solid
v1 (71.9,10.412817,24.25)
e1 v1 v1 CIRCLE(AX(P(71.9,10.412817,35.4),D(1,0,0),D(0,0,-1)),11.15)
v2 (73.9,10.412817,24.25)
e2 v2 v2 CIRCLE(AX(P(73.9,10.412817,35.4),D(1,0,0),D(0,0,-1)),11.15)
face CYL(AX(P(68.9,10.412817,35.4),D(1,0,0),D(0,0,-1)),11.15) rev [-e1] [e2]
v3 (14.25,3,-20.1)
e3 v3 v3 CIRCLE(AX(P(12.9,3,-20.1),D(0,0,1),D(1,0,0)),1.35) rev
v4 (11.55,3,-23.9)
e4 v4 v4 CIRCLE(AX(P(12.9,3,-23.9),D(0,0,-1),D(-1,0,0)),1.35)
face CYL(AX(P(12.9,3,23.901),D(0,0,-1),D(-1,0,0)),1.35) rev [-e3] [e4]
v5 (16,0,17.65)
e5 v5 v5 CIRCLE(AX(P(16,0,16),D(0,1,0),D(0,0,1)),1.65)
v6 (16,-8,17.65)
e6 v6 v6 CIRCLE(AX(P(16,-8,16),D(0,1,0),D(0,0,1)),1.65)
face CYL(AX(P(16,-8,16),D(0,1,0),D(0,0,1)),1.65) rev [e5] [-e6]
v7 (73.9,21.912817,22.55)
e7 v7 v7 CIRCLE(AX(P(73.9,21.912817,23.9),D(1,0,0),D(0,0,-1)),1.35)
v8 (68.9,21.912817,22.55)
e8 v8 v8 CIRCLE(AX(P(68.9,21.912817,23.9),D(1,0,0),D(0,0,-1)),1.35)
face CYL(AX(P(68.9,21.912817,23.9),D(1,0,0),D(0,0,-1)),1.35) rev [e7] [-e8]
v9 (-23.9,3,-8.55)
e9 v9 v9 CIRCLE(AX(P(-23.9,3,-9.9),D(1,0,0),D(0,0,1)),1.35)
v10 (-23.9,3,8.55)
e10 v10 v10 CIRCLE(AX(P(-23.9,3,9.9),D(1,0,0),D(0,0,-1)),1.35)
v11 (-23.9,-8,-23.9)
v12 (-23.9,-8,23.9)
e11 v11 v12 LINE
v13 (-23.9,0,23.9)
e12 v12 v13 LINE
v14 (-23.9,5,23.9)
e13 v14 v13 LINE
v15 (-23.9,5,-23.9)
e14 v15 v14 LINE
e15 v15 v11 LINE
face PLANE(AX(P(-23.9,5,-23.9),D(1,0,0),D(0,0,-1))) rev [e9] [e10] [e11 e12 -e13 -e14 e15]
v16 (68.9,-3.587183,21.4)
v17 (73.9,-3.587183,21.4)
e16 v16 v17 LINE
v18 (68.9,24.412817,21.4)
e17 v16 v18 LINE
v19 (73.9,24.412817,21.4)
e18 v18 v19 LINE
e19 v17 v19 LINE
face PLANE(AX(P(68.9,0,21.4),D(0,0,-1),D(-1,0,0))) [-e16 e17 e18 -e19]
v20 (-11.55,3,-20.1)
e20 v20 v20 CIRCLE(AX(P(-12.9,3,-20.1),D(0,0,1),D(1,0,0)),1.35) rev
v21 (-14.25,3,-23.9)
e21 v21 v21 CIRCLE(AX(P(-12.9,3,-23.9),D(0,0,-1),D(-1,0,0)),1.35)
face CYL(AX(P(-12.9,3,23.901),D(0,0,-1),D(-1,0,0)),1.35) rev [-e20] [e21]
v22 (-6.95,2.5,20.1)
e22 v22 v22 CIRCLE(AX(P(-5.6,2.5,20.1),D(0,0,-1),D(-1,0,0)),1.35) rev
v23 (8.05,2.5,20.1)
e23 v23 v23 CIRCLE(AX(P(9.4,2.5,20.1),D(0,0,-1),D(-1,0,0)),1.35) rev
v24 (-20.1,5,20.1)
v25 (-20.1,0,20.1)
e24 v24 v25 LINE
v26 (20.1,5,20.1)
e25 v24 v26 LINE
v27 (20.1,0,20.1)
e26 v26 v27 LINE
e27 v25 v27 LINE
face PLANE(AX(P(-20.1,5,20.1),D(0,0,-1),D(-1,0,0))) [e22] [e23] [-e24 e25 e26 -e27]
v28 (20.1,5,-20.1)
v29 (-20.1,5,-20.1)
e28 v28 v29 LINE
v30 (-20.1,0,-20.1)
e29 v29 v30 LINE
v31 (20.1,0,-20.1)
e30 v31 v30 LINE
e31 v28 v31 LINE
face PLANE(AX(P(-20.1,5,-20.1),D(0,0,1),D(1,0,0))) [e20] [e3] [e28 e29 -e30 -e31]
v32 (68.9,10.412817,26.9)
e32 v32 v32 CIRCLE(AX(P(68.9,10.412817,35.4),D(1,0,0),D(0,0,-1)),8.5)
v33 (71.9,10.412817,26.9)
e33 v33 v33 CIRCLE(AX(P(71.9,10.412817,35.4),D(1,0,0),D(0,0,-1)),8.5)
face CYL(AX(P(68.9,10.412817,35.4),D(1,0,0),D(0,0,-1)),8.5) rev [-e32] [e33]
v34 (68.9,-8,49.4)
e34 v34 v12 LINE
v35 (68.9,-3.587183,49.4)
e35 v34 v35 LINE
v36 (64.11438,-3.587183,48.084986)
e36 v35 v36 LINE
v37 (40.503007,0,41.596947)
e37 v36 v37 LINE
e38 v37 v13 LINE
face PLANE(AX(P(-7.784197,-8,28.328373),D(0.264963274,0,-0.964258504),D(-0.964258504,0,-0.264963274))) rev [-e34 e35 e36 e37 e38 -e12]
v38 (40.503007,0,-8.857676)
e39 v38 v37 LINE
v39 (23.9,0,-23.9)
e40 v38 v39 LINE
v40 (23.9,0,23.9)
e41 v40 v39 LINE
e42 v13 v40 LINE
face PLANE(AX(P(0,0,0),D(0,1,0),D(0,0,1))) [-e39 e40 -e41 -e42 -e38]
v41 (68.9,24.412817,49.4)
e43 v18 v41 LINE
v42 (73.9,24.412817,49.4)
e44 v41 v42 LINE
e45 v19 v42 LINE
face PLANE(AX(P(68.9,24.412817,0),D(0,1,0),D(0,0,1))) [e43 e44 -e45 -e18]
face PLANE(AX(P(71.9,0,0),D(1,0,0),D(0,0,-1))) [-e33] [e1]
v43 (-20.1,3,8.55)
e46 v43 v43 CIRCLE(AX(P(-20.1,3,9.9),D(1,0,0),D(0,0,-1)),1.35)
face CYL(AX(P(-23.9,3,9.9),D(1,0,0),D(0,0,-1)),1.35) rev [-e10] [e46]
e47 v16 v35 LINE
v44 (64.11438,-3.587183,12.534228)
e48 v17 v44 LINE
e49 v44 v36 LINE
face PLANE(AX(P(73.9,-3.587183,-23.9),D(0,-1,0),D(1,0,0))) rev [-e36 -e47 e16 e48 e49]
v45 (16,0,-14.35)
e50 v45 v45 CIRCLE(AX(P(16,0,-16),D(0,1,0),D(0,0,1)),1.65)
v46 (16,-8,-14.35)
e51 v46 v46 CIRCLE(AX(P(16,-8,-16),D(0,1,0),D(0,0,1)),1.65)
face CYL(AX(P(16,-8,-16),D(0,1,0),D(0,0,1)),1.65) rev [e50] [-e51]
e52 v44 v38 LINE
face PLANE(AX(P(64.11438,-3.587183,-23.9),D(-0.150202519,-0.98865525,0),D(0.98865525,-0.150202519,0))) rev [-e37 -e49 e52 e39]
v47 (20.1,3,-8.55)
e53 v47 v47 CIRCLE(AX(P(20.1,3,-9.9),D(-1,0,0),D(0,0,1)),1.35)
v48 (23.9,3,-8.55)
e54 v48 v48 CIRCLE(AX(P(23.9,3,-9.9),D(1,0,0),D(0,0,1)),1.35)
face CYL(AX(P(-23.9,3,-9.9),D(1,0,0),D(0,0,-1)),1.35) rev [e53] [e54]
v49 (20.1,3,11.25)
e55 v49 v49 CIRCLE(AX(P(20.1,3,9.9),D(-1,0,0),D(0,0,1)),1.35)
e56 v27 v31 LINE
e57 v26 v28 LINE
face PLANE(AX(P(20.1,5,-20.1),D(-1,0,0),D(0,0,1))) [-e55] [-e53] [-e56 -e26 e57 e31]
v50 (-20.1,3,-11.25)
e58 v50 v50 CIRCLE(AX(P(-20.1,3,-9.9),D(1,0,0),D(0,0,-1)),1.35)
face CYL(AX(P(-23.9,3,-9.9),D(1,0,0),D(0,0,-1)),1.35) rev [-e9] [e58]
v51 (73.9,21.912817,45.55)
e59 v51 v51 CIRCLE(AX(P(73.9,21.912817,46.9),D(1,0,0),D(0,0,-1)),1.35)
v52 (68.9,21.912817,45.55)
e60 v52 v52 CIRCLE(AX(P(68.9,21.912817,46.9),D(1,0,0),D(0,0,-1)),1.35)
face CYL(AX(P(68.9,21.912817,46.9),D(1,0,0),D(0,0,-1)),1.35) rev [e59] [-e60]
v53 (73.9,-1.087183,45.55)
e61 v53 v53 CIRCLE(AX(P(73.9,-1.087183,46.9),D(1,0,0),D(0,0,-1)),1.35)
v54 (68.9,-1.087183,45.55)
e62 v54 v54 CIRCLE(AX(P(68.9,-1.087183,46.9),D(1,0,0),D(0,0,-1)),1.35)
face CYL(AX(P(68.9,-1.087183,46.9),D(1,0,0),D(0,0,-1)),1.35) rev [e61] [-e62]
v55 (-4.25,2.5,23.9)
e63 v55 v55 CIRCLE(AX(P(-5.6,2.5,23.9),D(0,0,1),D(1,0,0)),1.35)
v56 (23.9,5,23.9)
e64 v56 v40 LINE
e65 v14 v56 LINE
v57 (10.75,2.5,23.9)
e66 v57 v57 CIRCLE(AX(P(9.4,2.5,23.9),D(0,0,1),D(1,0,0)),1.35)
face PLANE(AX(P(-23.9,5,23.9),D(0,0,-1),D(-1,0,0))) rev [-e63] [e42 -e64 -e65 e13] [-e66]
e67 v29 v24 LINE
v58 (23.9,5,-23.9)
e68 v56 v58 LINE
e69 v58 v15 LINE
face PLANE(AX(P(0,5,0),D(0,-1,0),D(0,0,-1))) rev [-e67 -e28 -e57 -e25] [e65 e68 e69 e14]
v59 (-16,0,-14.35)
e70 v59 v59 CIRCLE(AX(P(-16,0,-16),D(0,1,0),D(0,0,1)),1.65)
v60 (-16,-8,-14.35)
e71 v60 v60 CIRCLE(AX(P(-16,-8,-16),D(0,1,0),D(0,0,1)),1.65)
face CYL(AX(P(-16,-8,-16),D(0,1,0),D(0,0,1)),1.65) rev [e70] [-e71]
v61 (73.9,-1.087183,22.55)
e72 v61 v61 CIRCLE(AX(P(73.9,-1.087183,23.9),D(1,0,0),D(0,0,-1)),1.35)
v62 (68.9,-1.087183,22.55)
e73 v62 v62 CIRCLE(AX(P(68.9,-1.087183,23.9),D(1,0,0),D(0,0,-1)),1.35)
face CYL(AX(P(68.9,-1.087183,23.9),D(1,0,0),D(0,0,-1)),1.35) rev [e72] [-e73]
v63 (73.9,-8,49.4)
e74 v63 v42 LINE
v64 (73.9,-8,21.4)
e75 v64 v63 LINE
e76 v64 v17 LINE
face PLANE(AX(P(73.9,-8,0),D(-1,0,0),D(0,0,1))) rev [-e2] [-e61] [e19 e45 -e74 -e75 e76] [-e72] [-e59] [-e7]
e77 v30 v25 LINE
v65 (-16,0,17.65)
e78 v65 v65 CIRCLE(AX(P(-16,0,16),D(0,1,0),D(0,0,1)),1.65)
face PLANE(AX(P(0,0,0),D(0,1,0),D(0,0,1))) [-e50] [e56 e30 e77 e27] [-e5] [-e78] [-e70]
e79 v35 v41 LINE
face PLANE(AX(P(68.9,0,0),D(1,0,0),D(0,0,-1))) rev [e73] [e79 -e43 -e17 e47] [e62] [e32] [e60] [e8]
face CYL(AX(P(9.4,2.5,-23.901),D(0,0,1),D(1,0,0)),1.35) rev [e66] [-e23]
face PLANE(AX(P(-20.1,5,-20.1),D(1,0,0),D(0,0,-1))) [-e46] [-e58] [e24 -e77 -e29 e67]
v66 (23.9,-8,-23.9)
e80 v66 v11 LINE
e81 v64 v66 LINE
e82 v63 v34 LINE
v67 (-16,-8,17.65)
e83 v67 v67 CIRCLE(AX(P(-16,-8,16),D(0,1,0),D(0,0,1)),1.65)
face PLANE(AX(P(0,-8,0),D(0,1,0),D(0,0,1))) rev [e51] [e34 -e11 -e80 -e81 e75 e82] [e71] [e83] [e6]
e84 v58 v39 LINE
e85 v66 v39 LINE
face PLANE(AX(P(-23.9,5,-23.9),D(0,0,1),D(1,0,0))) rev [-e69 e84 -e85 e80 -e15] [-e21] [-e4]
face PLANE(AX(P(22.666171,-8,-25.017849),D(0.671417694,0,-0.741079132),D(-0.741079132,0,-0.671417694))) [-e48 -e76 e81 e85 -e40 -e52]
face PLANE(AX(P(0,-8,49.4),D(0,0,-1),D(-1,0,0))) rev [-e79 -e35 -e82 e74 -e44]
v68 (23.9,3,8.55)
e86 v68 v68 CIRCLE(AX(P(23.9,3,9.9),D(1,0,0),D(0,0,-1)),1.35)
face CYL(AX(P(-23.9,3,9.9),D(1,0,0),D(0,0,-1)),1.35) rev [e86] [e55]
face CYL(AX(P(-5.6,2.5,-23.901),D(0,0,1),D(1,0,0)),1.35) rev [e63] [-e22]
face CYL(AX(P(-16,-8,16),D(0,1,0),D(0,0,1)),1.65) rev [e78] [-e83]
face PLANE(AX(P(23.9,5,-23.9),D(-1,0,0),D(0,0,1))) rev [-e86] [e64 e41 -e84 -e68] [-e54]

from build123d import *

# Parameters (mm, degrees)
SKETCH1_W            = 47.8
SKETCH1_H            = 47.8
SKETCH1_W_2          = 40.2
SKETCH1_H_2          = 40.2
BOSS_EXTRUDE1_DEPTH  = 5
CUT_EXTRUDE4_REACH   = 55.675
SKETCH6_R            = 1.35
CUT_EXTRUDE5_REACH   = 55.675
SKETCH7_R            = 1.35
SKETCH8_R            = 1.35
CUT_EXTRUDE6_DEPTH   = 54.675413366
SKETCH11_R           = 1.65
BOSS_EXTRUDE8_DEPTH  = 8
CUT_EXTRUDE7_DEPTH   = 105.393965343
SKETCH12_W           = 28
SKETCH12_H           = 28
SKETCH12_R           = 1.35
SKETCH12_R_2         = 11.15
BOSS_EXTRUDE9_DEPTH  = 5
BOSS_EXTRUDE10_START = -2
SKETCH12_3_R         = 11.15
SKETCH12_3_R_2       = 8.5
BOSS_EXTRUDE10_DEPTH = 3


with BuildPart() as part:
    # Sketch1 → Boss-Extrude1 (new body)
    with BuildSketch(Plane(origin=(0, 0, 0), x_dir=(1, 0, 0), z_dir=(0, 1, 0))):
        Rectangle(SKETCH1_W, SKETCH1_H)
        Rectangle(SKETCH1_W_2, SKETCH1_H_2, mode=Mode.SUBTRACT)
    extrude(amount=BOSS_EXTRUDE1_DEPTH)

    # Sketch6 → Cut-Extrude4 (cut, up to next)
    with BuildSketch(Plane(origin=(0, 0, -23.9), x_dir=(-1, 0, 0), z_dir=(0, 0, -1)), mode=Mode.PRIVATE) as cut_extrude4_sk1:
        with Locations((-12.9, 3)):
            Circle(SKETCH6_R)
    cut_extrude4_tool1 = extrude(cut_extrude4_sk1.sketch, amount=-CUT_EXTRUDE4_REACH, mode=Mode.PRIVATE) & part.part
    # Sketch6 → Cut-Extrude4 (cut, up to next)
    with BuildSketch(Plane(origin=(0, 0, -23.9), x_dir=(-1, 0, 0), z_dir=(0, 0, -1)), mode=Mode.PRIVATE) as cut_extrude4_sk2:
        with Locations((12.9, 3)):
            Circle(SKETCH6_R)
    cut_extrude4_tool2 = extrude(cut_extrude4_sk2.sketch, amount=-CUT_EXTRUDE4_REACH, mode=Mode.PRIVATE) & part.part
    add(cut_extrude4_tool1.solids().sort_by_distance((12.9, 3, -23.9))[0], mode=Mode.SUBTRACT)
    add(cut_extrude4_tool2.solids().sort_by_distance((-12.9, 3, -23.9))[0], mode=Mode.SUBTRACT)

    # Sketch7 → Cut-Extrude5 (cut, up to next)
    with BuildSketch(Plane.XY.offset(23.9), mode=Mode.PRIVATE) as cut_extrude5_sk1:
        with Locations((9.4, 2.5)):
            Circle(SKETCH7_R)
    cut_extrude5_tool1 = extrude(cut_extrude5_sk1.sketch, amount=-CUT_EXTRUDE5_REACH, mode=Mode.PRIVATE) & part.part
    # Sketch7 → Cut-Extrude5 (cut, up to next)
    with BuildSketch(Plane.XY.offset(23.9), mode=Mode.PRIVATE) as cut_extrude5_sk2:
        with Locations((-5.6, 2.5)):
            Circle(SKETCH7_R)
    cut_extrude5_tool2 = extrude(cut_extrude5_sk2.sketch, amount=-CUT_EXTRUDE5_REACH, mode=Mode.PRIVATE) & part.part
    add(cut_extrude5_tool1.solids().sort_by_distance((9.4, 2.5, 23.9))[0], mode=Mode.SUBTRACT)
    add(cut_extrude5_tool2.solids().sort_by_distance((-5.6, 2.5, 23.9))[0], mode=Mode.SUBTRACT)

    # Sketch8 → Cut-Extrude6 (cut, through all)
    with BuildSketch(Plane(origin=(23.9, 0, 0), x_dir=(0, 0, -1), z_dir=(1, 0, 0))):
        with Locations((-9.9, 3)):
            Circle(SKETCH8_R)
        with Locations((9.9, 3)):
            Circle(SKETCH8_R)
    extrude(amount=-CUT_EXTRUDE6_DEPTH, mode=Mode.SUBTRACT)

    # Sketch11 → Boss-Extrude8 (add)
    with BuildSketch(Plane(origin=(0, 0, 0), x_dir=(1, 0, 0), z_dir=(0, 1, 0))):
        Polygon((73.9, -49.4), (73.9, -21.4), (23.9, 23.9), (-23.9, 23.9), (-23.9, -23.9), (68.9, -49.4), align=None)
        with Locations((16, 16)):
            Circle(SKETCH11_R, mode=Mode.SUBTRACT)
        with Locations((-16, 16)):
            Circle(SKETCH11_R, mode=Mode.SUBTRACT)
        with Locations((-16, -16)):
            Circle(SKETCH11_R, mode=Mode.SUBTRACT)
        with Locations((16, -16)):
            Circle(SKETCH11_R, mode=Mode.SUBTRACT)
    extrude(amount=-BOSS_EXTRUDE8_DEPTH)

    # Sketch13 → Cut-Extrude7 (cut, through all)
    with BuildSketch(Plane.XY.offset(49.4)):
        Polygon((73.9, -3.587183479), (64.114380232, -3.587183479), (28.73812358, 1.78739259), (73.9, 1.78739259), align=None)
    extrude(amount=-CUT_EXTRUDE7_DEPTH, mode=Mode.SUBTRACT)

    # Sketch12 → Boss-Extrude9 (add)
    with BuildSketch(Plane(origin=(73.9, 0, 0), x_dir=(0, 0, -1), z_dir=(1, 0, 0))):
        with Locations((-35.4, 10.412816521)):
            Rectangle(SKETCH12_W, SKETCH12_H)
        with Locations((-46.9, -1.087183479)):
            Circle(SKETCH12_R, mode=Mode.SUBTRACT)
        with Locations((-35.4, 10.412816521)):
            Circle(SKETCH12_R_2, mode=Mode.SUBTRACT)
        with Locations((-23.9, -1.087183479)):
            Circle(SKETCH12_R, mode=Mode.SUBTRACT)
        with Locations((-46.9, 21.912816521)):
            Circle(SKETCH12_R, mode=Mode.SUBTRACT)
        with Locations((-23.9, 21.912816521)):
            Circle(SKETCH12_R, mode=Mode.SUBTRACT)
    extrude(amount=-BOSS_EXTRUDE9_DEPTH)

    # Sketch12<3> → Boss-Extrude10 (add)
    with BuildSketch(Plane(origin=(73.9, 0, 0), x_dir=(0, 0, -1), z_dir=(1, 0, 0)).offset(BOSS_EXTRUDE10_START)):
        with Locations((-35.4, 10.412816521)):
            Circle(SKETCH12_3_R)
        with Locations((-35.4, 10.412816521)):
            Circle(SKETCH12_3_R_2, mode=Mode.SUBTRACT)
    extrude(amount=-BOSS_EXTRUDE10_DEPTH)


solid = part.part
